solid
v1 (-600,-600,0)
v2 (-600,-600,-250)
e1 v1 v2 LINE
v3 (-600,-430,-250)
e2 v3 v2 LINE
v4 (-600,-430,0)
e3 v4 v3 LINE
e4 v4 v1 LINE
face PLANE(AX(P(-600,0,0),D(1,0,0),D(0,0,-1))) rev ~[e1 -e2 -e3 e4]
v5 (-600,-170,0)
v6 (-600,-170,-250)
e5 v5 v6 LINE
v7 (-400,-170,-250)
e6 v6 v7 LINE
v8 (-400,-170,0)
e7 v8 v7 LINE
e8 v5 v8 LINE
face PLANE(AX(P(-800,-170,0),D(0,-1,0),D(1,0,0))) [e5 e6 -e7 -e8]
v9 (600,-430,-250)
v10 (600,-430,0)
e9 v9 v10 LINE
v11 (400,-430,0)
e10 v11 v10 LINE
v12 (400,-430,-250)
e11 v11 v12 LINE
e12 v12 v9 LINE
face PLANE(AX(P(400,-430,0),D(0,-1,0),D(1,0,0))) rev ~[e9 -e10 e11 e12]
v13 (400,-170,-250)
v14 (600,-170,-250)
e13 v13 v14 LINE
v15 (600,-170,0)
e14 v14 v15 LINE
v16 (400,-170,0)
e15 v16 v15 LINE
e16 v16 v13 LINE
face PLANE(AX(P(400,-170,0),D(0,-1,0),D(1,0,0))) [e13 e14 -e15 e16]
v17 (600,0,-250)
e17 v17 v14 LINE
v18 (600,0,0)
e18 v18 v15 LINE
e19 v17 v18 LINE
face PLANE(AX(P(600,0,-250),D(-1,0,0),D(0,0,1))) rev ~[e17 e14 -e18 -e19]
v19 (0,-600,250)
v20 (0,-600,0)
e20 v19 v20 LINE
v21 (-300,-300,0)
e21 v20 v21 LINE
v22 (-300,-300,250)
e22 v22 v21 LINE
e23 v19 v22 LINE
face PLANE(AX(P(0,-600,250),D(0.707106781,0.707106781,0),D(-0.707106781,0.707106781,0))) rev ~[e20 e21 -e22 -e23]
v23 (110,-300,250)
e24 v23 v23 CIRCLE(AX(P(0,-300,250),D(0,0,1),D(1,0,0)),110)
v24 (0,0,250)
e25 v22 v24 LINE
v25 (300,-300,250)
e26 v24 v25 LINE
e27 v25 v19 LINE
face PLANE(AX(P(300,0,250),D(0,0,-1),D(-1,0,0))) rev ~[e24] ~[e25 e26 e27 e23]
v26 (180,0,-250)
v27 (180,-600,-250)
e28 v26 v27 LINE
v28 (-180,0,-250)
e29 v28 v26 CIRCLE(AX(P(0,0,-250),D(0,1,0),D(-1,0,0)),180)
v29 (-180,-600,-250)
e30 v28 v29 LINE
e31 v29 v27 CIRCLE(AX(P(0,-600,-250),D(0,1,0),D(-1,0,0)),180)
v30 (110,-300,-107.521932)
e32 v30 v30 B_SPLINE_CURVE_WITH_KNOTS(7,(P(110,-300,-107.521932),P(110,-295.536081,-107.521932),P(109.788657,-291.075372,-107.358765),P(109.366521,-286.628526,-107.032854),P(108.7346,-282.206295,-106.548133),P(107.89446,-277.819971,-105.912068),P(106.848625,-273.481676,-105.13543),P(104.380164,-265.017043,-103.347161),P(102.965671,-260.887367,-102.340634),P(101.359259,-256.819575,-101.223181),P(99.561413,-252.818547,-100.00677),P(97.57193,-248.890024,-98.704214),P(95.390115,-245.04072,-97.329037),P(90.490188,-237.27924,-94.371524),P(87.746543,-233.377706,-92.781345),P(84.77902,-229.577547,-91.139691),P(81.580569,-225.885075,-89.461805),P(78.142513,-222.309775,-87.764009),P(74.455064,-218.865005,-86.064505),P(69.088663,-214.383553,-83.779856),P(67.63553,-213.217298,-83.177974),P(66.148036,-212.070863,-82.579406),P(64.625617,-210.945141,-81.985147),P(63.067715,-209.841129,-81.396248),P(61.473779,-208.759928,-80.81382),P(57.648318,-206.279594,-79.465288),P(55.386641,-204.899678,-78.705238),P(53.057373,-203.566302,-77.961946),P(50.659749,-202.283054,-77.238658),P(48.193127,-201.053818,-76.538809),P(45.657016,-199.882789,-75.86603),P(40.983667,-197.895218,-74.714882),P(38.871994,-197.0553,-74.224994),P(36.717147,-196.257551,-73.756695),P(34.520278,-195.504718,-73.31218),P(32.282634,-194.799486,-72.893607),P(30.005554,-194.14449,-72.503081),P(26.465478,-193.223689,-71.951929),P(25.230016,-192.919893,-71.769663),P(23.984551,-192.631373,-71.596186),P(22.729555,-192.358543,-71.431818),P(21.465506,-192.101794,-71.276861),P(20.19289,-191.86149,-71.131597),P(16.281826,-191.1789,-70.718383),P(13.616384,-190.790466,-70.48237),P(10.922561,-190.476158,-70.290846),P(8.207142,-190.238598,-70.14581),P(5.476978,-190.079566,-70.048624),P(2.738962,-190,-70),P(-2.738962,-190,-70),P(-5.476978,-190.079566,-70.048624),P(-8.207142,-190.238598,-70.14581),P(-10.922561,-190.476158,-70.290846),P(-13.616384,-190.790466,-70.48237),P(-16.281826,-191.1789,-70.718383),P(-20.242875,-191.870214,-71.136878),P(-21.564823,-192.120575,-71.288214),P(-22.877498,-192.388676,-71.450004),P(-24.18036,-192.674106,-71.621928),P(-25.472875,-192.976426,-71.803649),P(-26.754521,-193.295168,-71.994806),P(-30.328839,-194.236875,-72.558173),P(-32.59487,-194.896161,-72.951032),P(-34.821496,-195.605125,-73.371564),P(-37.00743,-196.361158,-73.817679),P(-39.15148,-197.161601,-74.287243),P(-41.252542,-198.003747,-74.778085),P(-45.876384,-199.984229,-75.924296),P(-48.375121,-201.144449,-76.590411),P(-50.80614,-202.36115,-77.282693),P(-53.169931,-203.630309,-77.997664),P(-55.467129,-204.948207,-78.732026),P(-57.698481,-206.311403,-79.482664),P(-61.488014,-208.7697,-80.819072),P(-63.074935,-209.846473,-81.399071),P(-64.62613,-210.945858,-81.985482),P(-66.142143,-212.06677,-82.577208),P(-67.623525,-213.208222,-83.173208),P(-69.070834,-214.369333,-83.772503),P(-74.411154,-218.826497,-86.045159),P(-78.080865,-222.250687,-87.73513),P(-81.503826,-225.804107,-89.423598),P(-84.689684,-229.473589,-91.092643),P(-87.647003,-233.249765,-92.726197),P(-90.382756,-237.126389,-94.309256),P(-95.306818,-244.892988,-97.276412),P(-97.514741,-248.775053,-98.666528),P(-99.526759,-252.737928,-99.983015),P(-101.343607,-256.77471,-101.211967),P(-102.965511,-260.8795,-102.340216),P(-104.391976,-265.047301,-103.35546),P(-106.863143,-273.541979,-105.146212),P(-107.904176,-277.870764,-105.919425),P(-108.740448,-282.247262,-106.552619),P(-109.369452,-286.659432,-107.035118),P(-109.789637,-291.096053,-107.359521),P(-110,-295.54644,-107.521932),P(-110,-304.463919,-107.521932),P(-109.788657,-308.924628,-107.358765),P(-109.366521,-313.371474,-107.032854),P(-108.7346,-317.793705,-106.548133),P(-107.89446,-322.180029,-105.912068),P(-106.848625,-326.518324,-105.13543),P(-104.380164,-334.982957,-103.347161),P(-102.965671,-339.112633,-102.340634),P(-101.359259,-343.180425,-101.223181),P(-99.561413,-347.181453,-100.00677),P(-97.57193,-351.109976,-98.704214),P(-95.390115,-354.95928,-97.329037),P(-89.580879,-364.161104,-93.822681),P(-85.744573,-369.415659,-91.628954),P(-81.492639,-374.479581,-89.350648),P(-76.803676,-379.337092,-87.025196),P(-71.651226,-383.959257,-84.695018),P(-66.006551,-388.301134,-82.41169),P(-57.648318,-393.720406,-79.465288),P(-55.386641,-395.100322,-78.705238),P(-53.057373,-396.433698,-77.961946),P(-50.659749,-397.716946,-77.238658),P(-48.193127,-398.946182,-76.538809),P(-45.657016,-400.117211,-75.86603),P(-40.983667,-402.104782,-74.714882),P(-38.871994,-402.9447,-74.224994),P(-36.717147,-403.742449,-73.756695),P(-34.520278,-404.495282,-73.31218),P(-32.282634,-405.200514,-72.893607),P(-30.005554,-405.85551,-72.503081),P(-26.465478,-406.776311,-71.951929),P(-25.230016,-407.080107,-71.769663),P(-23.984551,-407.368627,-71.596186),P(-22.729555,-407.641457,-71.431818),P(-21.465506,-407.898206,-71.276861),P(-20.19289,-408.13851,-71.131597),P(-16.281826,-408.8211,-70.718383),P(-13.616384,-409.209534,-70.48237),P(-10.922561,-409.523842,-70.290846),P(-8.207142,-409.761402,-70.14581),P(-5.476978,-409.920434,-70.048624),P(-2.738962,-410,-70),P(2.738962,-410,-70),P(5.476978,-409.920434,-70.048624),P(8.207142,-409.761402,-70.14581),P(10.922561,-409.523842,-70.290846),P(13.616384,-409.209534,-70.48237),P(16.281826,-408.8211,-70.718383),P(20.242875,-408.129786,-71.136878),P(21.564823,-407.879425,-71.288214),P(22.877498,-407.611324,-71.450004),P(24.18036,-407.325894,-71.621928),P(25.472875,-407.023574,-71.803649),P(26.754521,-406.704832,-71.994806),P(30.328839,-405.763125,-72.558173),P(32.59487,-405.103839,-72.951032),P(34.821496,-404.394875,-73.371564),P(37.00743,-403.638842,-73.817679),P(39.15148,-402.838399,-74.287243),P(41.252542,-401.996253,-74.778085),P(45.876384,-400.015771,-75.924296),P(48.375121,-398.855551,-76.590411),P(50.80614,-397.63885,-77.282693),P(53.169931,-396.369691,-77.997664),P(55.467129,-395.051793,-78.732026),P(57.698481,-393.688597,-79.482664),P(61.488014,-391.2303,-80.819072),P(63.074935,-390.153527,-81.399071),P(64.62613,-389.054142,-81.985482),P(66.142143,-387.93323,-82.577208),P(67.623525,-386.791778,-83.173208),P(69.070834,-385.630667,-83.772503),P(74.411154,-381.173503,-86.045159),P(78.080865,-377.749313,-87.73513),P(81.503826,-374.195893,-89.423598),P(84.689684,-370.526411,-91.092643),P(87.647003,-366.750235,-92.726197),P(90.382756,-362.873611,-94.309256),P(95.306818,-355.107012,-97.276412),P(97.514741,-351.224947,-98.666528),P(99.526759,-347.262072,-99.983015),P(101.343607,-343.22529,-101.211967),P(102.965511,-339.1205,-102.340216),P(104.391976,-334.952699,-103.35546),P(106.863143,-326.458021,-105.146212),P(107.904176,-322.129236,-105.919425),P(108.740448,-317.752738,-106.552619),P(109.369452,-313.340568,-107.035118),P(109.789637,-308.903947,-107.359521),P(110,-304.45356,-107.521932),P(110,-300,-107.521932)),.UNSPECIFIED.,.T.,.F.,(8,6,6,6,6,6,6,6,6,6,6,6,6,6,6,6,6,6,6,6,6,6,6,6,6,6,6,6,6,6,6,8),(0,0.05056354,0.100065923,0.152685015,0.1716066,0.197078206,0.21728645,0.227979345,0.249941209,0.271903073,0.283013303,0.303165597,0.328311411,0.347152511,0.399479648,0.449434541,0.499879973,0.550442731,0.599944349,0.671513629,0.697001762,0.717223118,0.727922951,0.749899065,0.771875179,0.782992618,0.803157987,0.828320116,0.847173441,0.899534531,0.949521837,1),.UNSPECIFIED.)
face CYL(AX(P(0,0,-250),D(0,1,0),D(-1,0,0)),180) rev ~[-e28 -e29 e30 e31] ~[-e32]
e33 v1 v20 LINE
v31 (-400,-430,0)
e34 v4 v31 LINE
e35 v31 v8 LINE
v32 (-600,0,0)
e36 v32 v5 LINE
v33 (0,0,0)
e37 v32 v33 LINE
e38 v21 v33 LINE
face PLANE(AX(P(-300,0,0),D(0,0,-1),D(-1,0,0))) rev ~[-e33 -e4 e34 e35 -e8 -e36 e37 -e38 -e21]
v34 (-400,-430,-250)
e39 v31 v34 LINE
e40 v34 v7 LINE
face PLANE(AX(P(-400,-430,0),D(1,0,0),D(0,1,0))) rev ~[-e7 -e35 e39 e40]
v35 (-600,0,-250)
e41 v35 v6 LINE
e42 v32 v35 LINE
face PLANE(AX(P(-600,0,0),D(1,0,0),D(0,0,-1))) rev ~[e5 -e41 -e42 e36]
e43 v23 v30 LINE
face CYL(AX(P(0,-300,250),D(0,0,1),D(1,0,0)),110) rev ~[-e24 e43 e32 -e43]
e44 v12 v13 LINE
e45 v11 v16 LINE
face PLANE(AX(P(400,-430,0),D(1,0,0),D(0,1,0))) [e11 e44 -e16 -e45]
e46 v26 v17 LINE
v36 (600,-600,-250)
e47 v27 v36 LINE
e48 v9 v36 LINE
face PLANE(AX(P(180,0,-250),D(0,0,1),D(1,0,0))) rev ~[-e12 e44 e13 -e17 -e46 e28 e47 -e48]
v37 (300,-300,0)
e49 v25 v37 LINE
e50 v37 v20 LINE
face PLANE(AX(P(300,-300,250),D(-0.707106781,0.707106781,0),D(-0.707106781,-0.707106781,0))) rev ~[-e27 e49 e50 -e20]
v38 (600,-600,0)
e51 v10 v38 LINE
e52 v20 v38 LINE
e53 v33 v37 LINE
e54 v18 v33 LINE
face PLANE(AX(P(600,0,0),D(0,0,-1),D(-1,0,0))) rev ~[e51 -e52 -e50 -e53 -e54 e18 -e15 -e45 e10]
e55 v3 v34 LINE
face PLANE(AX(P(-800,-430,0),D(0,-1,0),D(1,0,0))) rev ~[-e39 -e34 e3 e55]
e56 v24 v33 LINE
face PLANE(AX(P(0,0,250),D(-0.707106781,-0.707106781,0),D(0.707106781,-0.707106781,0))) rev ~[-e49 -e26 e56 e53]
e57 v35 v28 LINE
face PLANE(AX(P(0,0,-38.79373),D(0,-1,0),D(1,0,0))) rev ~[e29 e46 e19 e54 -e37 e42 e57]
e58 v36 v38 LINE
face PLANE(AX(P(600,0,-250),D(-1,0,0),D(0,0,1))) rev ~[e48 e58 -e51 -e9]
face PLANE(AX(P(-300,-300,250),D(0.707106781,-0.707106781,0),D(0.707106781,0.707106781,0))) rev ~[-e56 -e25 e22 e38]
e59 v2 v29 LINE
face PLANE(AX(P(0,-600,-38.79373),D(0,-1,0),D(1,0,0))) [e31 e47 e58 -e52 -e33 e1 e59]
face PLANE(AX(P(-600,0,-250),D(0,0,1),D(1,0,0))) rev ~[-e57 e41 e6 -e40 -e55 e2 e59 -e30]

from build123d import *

# Parameters (mm, degrees)
F1_DEPTH  = 600
F2_W      = 400
F2_H      = 260
F3_DEPTH  = 250.001
F4_DEPTH  = 250.001
F5_W      = 400
F5_H      = 260
F6_DEPTH  = 250.001
F8_DEPTH  = 250
F10_DEPTH = 250
F11_R     = 110
F12_DEPTH = 500.001


with BuildPart() as f1:
    # F0 (on Front) → F1 (new body)
    with BuildSketch(Plane.XZ):
        with BuildLine():
            Line((300, 250), (-300, 250))
            Line((-300, 250), (-300, 0))
            Line((-300, 0), (-600, 0))
            Line((-600, 0), (-600, -250))
            Line((-600, -250), (-180, -250))
            ThreePointArc((-180, -250), (0, -70), (180, -250))
            Line((180, -250), (600, -250))
            Line((600, -250), (600, 0))
            Line((600, 0), (300, 0))
            Line((300, 0), (300, 250))
        make_face()
    extrude(amount=F1_DEPTH)

    # F2 (on face) → F3 (cut, through all)
    with BuildSketch(Plane.XY):
        with Locations((600, -300)):
            Rectangle(F2_W, F2_H)
    extrude(amount=F3_DEPTH, mode=Mode.SUBTRACT)

    # F2 (on face) → F4 (cut, through all)
    with BuildSketch(Plane.XY):
        with Locations((600, -300)):
            Rectangle(F2_W, F2_H)
    extrude(amount=-F4_DEPTH, mode=Mode.SUBTRACT)

    # F5 (on face) → F6 (cut, through all)
    with BuildSketch(Plane.XY):
        with Locations((-600, -300)):
            Rectangle(F5_W, F5_H)
    extrude(amount=-F6_DEPTH, mode=Mode.SUBTRACT)

    # F7 (on face) → F8 (cut)
    with BuildSketch(Plane.XY.offset(250)):
        Polygon((300, -300), (0, -600), (300, -600), align=None)
        Polygon((0, -600), (-300, -300), (-300, -600), align=None)
        Polygon((-300, -300), (0, 0), (-300, 0), align=None)
    extrude(amount=-F8_DEPTH, mode=Mode.SUBTRACT)

    # F9 (on face) → F10 (cut)
    with BuildSketch(Plane.XY.offset(250)):
        Polygon((300, 0), (0, 0), (300, -300), align=None)
    extrude(amount=-F10_DEPTH, mode=Mode.SUBTRACT)

    # F11 (on face) → F12 (cut, through all)
    with BuildSketch(Plane.XY.offset(250)):
        with Locations((0, -300)):
            Circle(F11_R)
    extrude(amount=-F12_DEPTH, mode=Mode.SUBTRACT)


solid = f1.part
